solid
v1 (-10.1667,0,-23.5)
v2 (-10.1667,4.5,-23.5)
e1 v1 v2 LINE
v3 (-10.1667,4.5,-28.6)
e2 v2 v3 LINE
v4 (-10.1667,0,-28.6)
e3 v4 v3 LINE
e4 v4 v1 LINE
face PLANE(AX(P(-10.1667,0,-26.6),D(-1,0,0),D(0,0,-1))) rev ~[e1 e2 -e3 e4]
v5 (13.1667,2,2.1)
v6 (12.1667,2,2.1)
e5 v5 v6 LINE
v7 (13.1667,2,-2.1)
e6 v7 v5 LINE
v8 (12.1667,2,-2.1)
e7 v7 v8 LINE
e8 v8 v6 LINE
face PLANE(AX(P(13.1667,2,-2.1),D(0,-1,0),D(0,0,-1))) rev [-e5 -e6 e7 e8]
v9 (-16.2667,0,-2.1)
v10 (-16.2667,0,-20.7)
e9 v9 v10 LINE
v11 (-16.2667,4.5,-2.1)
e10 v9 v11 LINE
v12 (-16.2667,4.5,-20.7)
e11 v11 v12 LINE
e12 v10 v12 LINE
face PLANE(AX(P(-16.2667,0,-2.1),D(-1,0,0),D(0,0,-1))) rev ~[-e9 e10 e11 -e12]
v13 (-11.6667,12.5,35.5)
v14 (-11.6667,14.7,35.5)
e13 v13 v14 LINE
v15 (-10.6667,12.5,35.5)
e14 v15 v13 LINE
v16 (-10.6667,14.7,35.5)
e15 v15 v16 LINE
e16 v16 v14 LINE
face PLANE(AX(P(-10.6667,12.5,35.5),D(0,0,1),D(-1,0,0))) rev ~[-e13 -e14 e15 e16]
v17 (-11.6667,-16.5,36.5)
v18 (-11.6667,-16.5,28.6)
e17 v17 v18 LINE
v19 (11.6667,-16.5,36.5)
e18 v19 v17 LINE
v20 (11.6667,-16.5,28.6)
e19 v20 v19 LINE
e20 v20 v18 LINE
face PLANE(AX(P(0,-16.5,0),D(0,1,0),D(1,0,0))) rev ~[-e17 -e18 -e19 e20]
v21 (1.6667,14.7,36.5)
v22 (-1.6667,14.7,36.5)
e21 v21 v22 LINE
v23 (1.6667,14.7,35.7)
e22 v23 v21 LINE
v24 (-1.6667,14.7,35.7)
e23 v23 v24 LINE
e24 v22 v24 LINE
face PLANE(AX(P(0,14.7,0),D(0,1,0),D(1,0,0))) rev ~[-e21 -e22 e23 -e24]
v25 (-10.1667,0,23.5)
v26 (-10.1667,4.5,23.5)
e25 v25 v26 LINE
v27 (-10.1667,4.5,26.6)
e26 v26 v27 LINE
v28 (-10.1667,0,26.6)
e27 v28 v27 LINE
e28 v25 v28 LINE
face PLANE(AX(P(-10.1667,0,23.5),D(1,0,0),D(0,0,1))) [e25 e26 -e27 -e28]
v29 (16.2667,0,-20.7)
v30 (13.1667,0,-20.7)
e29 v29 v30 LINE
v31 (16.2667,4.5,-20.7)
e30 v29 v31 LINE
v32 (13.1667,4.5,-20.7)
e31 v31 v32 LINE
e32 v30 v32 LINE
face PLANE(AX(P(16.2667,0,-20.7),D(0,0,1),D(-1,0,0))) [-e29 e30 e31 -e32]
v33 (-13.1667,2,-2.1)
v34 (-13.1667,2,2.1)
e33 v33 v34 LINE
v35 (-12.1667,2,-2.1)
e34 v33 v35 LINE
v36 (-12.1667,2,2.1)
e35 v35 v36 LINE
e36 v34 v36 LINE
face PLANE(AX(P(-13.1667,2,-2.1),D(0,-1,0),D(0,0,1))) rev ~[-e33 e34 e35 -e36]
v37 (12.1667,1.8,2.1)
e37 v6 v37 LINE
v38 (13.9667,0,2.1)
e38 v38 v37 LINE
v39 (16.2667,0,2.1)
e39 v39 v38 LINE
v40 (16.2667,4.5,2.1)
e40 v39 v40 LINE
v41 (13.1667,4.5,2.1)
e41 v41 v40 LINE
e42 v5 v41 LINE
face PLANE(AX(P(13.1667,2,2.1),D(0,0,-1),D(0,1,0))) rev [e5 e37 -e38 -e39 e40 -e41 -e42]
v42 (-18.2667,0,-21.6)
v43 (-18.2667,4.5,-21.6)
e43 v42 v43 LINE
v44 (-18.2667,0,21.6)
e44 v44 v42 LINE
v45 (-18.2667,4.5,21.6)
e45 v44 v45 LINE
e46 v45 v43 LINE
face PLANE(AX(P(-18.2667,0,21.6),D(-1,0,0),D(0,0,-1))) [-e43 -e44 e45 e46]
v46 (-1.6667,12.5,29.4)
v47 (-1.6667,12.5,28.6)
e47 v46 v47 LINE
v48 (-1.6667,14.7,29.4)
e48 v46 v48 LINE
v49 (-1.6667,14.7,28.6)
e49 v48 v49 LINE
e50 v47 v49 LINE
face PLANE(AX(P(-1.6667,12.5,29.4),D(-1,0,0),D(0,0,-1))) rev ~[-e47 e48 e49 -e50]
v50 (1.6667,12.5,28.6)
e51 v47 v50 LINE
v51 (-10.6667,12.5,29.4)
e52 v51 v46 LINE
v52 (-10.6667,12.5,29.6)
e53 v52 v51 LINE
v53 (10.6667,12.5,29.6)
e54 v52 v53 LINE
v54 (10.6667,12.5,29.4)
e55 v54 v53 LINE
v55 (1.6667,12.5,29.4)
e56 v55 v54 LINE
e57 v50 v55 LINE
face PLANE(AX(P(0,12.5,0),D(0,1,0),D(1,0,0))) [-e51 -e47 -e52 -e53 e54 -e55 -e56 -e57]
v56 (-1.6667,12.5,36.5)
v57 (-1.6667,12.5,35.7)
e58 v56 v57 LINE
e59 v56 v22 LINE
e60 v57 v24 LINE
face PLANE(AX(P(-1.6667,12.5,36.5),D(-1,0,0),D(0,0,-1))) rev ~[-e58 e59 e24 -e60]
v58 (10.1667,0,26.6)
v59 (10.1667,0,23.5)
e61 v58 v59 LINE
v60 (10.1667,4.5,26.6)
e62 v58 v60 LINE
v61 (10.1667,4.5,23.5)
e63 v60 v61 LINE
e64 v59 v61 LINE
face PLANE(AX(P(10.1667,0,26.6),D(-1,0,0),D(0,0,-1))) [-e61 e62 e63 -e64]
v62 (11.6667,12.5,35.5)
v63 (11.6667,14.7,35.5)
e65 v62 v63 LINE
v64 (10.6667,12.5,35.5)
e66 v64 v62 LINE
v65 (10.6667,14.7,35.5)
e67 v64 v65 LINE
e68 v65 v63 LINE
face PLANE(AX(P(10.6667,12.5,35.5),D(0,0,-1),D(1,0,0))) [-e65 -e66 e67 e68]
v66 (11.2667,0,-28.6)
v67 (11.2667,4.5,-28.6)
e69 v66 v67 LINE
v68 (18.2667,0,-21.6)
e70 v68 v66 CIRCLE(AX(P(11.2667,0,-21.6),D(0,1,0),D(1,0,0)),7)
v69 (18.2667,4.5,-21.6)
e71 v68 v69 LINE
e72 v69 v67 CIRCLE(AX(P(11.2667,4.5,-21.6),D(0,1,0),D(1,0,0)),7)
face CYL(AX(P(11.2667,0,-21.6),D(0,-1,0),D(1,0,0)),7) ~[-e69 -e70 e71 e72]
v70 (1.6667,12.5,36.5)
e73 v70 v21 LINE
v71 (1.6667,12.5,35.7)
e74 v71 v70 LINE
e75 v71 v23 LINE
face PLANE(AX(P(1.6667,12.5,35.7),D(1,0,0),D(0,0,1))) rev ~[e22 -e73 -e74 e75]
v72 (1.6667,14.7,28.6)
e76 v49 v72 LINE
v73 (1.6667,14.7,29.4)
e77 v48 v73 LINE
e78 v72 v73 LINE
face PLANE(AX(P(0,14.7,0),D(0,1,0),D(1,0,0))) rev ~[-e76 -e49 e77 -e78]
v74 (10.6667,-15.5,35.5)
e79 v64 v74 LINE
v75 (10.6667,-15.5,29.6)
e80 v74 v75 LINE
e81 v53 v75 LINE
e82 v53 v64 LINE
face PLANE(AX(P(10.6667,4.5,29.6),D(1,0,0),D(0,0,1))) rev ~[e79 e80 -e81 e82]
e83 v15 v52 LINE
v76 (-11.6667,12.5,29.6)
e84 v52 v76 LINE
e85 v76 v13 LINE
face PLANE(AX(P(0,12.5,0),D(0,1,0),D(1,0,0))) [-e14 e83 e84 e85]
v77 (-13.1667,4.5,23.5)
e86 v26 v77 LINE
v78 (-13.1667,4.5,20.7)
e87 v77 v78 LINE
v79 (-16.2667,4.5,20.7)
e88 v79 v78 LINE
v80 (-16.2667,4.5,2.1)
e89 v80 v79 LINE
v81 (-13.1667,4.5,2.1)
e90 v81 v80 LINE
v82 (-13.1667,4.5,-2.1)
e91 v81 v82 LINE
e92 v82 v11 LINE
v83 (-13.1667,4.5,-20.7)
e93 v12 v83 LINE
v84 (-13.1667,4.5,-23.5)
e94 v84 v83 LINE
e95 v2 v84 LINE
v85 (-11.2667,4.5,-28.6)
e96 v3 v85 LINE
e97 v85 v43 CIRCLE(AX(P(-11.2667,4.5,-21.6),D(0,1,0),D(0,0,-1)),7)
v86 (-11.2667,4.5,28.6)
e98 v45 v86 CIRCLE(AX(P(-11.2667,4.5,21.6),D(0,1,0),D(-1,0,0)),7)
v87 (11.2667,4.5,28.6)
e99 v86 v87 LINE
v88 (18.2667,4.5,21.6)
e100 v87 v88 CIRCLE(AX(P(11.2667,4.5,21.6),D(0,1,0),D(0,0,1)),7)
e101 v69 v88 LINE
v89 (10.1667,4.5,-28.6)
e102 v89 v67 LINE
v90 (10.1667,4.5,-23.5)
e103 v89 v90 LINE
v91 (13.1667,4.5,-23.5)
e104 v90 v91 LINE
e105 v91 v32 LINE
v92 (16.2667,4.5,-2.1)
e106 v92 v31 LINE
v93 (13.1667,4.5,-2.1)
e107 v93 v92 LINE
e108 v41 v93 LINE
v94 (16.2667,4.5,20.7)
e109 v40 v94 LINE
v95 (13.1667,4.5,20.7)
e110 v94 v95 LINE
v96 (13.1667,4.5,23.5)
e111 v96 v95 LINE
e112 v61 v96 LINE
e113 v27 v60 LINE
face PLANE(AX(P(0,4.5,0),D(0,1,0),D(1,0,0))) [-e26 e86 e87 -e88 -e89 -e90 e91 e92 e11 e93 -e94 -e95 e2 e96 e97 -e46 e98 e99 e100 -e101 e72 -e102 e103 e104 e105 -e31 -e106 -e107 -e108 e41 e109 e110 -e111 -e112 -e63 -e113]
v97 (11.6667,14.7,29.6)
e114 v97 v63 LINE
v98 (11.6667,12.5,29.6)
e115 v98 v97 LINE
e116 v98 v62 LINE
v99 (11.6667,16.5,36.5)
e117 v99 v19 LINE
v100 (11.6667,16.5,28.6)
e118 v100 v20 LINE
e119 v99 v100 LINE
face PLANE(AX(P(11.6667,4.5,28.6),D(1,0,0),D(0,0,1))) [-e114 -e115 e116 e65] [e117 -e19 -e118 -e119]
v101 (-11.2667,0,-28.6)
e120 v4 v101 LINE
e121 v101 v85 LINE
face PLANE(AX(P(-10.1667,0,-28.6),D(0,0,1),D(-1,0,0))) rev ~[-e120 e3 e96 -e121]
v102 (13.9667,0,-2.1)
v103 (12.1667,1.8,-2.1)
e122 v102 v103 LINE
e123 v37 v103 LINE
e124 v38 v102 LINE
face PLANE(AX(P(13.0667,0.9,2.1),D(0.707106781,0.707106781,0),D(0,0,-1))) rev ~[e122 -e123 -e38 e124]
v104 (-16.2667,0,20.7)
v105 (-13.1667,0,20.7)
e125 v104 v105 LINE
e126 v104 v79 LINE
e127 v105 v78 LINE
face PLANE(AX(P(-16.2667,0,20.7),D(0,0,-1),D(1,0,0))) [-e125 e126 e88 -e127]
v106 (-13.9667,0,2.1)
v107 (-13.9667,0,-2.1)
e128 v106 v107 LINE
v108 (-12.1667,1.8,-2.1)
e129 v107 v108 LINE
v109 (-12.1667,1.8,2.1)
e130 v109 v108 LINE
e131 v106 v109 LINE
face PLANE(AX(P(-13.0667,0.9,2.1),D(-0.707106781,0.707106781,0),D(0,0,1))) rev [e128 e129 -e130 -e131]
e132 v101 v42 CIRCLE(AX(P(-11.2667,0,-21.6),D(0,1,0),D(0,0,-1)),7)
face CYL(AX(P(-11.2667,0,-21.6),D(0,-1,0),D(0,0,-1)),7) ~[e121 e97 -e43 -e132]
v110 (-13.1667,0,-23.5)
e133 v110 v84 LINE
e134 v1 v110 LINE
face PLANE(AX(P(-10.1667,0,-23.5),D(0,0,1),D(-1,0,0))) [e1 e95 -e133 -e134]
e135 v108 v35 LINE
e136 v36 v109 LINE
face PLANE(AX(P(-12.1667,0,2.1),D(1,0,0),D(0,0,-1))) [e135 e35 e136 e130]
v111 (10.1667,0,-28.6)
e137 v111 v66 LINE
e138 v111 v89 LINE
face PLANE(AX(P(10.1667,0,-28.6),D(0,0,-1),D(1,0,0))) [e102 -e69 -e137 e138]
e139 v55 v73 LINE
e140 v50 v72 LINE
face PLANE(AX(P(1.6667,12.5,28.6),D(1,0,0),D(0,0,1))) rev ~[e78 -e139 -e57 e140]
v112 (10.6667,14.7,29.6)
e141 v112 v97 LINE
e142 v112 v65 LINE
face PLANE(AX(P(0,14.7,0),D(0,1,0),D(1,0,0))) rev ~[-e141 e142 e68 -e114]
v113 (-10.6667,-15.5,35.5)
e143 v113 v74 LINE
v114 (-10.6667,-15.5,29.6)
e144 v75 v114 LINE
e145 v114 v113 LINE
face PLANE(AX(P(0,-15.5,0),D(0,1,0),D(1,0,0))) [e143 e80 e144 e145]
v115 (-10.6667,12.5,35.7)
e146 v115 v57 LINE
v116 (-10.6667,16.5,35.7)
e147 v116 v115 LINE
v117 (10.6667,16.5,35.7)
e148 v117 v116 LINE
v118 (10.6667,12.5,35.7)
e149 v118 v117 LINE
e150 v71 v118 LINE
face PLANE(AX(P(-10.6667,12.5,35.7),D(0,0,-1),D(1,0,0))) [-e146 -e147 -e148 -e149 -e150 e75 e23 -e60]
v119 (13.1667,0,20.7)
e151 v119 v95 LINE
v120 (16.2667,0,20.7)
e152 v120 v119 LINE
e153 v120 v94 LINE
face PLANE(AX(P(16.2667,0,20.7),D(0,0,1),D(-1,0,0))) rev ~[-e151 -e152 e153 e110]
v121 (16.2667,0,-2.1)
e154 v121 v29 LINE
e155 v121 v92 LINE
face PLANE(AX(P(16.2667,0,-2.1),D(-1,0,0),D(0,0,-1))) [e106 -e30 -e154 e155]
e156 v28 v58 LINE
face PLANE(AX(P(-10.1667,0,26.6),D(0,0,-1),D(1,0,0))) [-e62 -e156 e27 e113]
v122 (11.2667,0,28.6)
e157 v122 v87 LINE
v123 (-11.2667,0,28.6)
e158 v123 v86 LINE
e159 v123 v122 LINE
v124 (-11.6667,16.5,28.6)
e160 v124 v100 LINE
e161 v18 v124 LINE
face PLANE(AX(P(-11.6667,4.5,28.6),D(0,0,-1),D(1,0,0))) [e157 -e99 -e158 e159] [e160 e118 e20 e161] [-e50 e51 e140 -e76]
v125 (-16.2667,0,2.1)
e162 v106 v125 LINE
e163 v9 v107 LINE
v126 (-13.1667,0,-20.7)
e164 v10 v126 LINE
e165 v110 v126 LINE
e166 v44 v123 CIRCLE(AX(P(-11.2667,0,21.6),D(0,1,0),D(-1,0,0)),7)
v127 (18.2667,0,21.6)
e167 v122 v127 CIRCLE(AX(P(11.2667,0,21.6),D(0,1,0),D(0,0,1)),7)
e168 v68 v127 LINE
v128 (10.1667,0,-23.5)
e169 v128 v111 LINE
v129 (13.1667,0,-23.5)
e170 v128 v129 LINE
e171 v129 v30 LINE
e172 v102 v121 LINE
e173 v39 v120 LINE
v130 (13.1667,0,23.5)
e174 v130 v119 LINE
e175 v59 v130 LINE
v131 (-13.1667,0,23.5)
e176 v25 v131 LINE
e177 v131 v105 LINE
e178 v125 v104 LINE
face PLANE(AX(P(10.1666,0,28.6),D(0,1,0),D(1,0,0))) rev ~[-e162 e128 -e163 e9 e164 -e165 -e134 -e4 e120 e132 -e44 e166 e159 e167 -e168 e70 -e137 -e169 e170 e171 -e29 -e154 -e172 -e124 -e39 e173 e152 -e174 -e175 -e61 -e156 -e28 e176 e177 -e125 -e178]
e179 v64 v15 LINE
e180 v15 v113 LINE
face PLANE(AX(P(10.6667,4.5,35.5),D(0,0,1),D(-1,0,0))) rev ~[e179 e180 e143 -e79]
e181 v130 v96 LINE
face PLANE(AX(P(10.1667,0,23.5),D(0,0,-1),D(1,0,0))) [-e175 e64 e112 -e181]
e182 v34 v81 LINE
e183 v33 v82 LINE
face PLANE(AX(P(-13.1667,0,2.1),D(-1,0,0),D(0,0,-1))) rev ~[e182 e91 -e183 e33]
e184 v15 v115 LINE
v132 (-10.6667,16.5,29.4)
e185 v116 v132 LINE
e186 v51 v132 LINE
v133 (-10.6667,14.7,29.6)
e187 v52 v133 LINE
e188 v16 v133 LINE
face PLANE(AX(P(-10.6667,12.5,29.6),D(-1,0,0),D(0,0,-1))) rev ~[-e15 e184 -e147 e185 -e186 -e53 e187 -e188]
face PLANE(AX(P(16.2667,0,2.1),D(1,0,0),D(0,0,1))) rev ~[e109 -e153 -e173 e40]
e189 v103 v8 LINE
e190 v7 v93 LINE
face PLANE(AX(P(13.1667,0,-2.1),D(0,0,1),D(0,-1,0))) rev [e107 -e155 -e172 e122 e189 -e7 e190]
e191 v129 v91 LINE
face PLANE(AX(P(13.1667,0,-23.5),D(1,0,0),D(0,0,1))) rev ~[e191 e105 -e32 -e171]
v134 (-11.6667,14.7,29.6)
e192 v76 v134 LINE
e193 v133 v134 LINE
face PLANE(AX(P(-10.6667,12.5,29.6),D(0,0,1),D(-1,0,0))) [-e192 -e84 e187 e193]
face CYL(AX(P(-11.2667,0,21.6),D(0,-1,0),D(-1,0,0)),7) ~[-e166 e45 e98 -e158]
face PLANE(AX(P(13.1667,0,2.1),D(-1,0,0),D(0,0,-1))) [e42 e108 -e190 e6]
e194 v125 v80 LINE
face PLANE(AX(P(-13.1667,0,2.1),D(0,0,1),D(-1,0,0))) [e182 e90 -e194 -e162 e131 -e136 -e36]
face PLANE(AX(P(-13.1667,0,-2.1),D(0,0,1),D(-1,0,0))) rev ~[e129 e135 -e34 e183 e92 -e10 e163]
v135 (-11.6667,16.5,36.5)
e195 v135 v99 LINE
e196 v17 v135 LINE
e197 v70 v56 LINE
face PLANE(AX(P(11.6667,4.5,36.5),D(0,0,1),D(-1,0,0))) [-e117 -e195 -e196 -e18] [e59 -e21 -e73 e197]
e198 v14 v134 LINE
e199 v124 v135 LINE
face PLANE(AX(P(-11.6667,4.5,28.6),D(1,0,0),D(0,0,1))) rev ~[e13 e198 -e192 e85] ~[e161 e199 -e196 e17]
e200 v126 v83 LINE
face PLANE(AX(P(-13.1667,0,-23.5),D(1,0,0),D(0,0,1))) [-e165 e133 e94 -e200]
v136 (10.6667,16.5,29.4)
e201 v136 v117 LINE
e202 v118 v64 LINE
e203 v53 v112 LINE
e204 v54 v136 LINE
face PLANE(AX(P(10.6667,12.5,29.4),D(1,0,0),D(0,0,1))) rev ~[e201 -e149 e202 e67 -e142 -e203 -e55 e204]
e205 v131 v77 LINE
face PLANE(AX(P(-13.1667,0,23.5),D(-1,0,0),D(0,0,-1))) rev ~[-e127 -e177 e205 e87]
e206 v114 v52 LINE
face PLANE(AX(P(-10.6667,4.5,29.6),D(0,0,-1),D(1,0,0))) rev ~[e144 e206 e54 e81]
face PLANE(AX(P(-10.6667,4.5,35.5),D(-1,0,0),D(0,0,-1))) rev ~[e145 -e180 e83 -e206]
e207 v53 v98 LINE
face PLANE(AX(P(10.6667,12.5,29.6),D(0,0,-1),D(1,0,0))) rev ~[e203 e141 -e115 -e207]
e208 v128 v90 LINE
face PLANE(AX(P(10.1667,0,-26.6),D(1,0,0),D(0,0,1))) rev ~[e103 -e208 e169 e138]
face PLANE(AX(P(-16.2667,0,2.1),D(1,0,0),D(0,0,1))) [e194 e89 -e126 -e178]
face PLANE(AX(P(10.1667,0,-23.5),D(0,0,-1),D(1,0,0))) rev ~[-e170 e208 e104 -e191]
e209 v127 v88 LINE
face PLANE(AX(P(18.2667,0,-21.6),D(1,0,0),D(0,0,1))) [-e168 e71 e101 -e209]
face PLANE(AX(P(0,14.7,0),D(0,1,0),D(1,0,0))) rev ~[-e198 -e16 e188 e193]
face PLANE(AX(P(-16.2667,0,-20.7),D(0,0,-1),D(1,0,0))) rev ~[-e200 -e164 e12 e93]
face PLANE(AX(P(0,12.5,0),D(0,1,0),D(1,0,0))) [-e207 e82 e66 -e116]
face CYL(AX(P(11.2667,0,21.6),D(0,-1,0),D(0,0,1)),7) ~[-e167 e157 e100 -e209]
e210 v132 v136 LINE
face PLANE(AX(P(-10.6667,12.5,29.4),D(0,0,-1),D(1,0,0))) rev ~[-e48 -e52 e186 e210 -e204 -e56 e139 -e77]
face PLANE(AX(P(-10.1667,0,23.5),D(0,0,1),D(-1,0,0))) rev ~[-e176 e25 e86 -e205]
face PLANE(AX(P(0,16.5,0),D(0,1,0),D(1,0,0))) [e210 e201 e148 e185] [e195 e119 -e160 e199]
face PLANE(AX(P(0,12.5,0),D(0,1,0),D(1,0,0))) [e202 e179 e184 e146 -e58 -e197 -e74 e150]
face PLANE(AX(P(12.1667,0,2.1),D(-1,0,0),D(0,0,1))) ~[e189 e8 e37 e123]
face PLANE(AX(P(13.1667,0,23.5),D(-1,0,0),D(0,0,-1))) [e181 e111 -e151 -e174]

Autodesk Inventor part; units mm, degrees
ref_plane "YZ Plane" through (0, 0, 0) normal (1, 0, 0) x (0, 1, 0)
ref_plane "XZ Plane" through (0, 0, 0) normal (0, 1, 0) x (-1, 0, 0)
ref_plane "XY Plane" through (0, 0, 0) normal (0, 0, 1) x (1, 0, 0)
sketch "Эскиз1" plane through (0, 0, 0) normal (0, 1, 0) x (-1, 0, 0)
  line L0 (0, 0) -> (9.1667, 0)
  line L1 (0, 0) -> (0, -12.5)
  line L2 (-11.2667, 28.6) -> (11.2667, 28.6)
  line L3 (18.2667, 21.6) -> (18.2667, -21.6)
  line L4 (-18.2667, -21.6) -> (-18.2667, 21.6)
  line L5 (13.1667, -2.1) -> (16.2667, -2.1)
  line L6 (16.2667, -2.1) -> (16.2667, -20.7)
  line L7 (16.2667, -20.7) -> (13.1667, -20.7)
  line L8 (13.1667, 2.1) -> (16.2667, 2.1)
  line L9 (16.2667, 2.1) -> (16.2667, 20.7)
  line L10 (16.2667, 20.7) -> (13.1667, 20.7)
  line L11 (-16.2667, 2.1) -> (-16.2667, 20.7)
  line L12 (-16.2667, 20.7) -> (-13.1667, 20.7)
  line L13 (-13.1667, 2.1) -> (-16.2667, 2.1)
  line L14 (-13.1667, -2.1) -> (-16.2667, -2.1)
  line L15 (-16.2667, -2.1) -> (-16.2667, -20.7)
  line L16 (-16.2667, -20.7) -> (-13.1667, -20.7)
  line L17 (10.1667, -23.5) -> (10.1667, -26.6)
  line L18 (-10.1667, -26.6) -> (-10.1667, -23.5)
  line L19 (10.1667, 23.5) -> (10.1667, 26.6)
  line L20 (10.1667, 26.6) -> (-10.1667, 26.6)
  line L21 (-10.1667, 26.6) -> (-10.1667, 23.5)
  arc A0 (18.2667, 21.6) -> (11.2667, 28.6) centre (11.2667, 21.6) ccw
  arc A1 (-11.2667, 28.6) -> (-18.2667, 21.6) centre (-11.2667, 21.6) ccw
  arc A2 (-18.2667, -21.6) -> (-11.2667, -28.6) centre (-11.2667, -21.6) ccw
  arc A3 (11.2667, -28.6) -> (18.2667, -21.6) centre (11.2667, -21.6) ccw
  line L22 (-10.1667, -26.6) -> (-10.1667, -28.6)
  line L23 (-10.1667, -28.6) -> (-11.2667, -28.6)
  line L24 (10.1667, -26.6) -> (10.1667, -28.6)
  line L25 (10.1667, -28.6) -> (11.2667, -28.6)
  line L26 (-10.1667, 23.5) -> (-13.1667, 23.5)
  line L27 (-13.1667, 23.5) -> (-13.1667, 20.7)
  line L28 (10.1667, 23.5) -> (13.1667, 23.5)
  line L29 (13.1667, 23.5) -> (13.1667, 20.7)
  line L30 (-10.1667, -23.5) -> (-13.1667, -23.5)
  line L31 (-13.1667, -23.5) -> (-13.1667, -20.7)
  line L32 (10.1667, -23.5) -> (13.1667, -23.5)
  line L33 (13.1667, -23.5) -> (13.1667, -20.7)
  line L34 (13.1667, 2.1) -> (13.1667, -2.1)
  line L35 (-13.1667, 2.1) -> (-13.1667, -2.1)
extrude "Выдавливание1" add sketch "Эскиз1" along normal blind 4.5
sketch "Эскиз2" plane through (-13.1667, 0, 2.1) normal (1, 0, 0) x (0, 0, -1)
  line L0 (-18.6, 0) -> (0, 0)
  line L1 (4.2, 0) -> (4.2, 4.5)
  line L2 (0, 0) -> (4.2, 0)
  line L3 (4.2, 0) -> (4.2, 2)
  line L4 (4.2, 2) -> (0, 2)
  line L5 (0, 2) -> (0, 0)
  point P0 (2.1, 0)
  dimension "d19" = 2
extrude "Выдавливание2" add sketch "Эскиз2" along normal blind 1
chamfer "Фаска1" distance 1.8 angle 45 1 edges at (-12.1667, 0, 0)
mirror "Зеркальное отражение1" about plane through (0, 0, 0) normal (1, 0, 0) of "Выдавливание2", "Фаска1"
sketch "Эскиз3" plane through (-11.2667, 0, 28.6) normal (0, 0, 1) x (1, 0, 0)
  line L0 (1.1, 4.5) -> (-1.9, 4.5)
  line L1 (21.4333, 0) -> (24.4333, 0)
  line L2 (-0.4, 4.5) -> (22.9333, 4.5)
  line L3 (22.9333, 4.5) -> (22.9333, 0)
  line L4 (22.9333, 0) -> (-0.4, 0)
  line L5 (-0.4, 0) -> (-0.4, 4.5)
  point P0 (11.2667, 0)
extrude "Выдавливание3" add sketch "Эскиз3" along normal blind 7.9
sketch "Эскиз4" plane through (0, 4.5, 0) normal (0, 1, 0) x (1, 0, 0)
  line L0 (-11.2667, -28.6) -> (-11.6667, -28.6)
  line L1 (11.6667, -36.5) -> (-11.6667, -36.5)
  line L2 (-11.6667, -28.6) -> (11.6667, -28.6)
  line L3 (11.6667, -28.6) -> (11.6667, -36.5)
  line L4 (11.6667, -36.5) -> (-11.6667, -36.5)
  line L5 (-11.6667, -36.5) -> (-11.6667, -28.6)
  point P0 (0, 0)
extrude "Выдавливание4" add sketch "Эскиз4" against normal blind 21
sketch "Эскиз5" plane through (0, 4.5, 0) normal (0, 1, 0) x (1, 0, 0)
  line L0 (-10.6667, -35.5) -> (10.6667, -35.5)
  line L1 (10.6667, -35.5) -> (10.6667, -29.6)
  line L2 (10.6667, -29.6) -> (-10.6667, -29.6)
  line L3 (-10.6667, -29.6) -> (-10.6667, -35.5)
  line L4 (-11.6667, -28.6) -> (-11.6667, -36.5)
  line L5 (11.6667, -28.6) -> (11.6667, -36.5)
  line L6 (11.6667, -36.5) -> (-11.6667, -36.5)
  line L7 (11.2667, -28.6) -> (-11.2667, -28.6)
  point P0 (0, 0)
  dimension "d29" = 1
  dimension "d30" = 1
  dimension "d31" = 1
  dimension "d32" = 1
extrude "Выдавливание5" cut sketch "Эскиз5" against normal blind 20
sketch "Эскиз6" plane through (0, 4.5, 0) normal (0, 1, 0) x (1, 0, 0)
  line L0 (-11.6667, -28.6) -> (-11.6667, -36.5)
  line L1 (11.6667, -28.6) -> (11.2667, -28.6)
  line L2 (-11.6667, -28.6) -> (11.6667, -28.6)
  line L3 (-11.6667, -28.6) -> (-11.6667, -36.5)
  line L4 (11.6667, -36.5) -> (-11.6667, -36.5)
  line L5 (11.6667, -28.6) -> (11.6667, -36.5)
  line L6 (11.6667, -36.5) -> (11.6667, -28.6)
  line L7 (11.6667, -36.5) -> (-11.6667, -36.5)
  line L8 (-10.6667, -29.6) -> (10.6667, -29.6)
  line L9 (10.6667, -29.6) -> (10.6667, -35.5)
  line L10 (-10.6667, -29.6) -> (10.6667, -29.6)
  line L11 (10.6667, -29.6) -> (10.6667, -35.5)
  line L12 (10.6667, -35.5) -> (-10.6667, -35.5)
  line L13 (-10.6667, -35.5) -> (-10.6667, -29.6)
  point P0 (0, 0)
extrude "Выдавливание6" add sketch "Эскиз6" along normal blind 8
sketch "Эскиз7" plane through (0, 12.5, 0) normal (0, 1, 0) x (1, 0, 0)
  line L0 (-11.6667, -36.5) -> (-11.6667, -28.6)
  line L1 (11.6667, -36.5) -> (-11.6667, -36.5)
  line L2 (-11.6667, -28.6) -> (11.6667, -28.6)
  line L3 (11.6667, -28.6) -> (11.6667, -36.5)
  line L4 (11.6667, -36.5) -> (-11.6667, -36.5)
  line L5 (-11.6667, -36.5) -> (-11.6667, -28.6)
  line L6 (10.6667, -29.6) -> (10.6667, -35.5)
  line L7 (-10.6667, -35.5) -> (-10.6667, -29.6)
  line L8 (11.2667, -28.6) -> (-11.2667, -28.6)
  line L9 (-1.6667, -28.6) -> (1.6667, -28.6)
  line L10 (-10.6667, -29.6) -> (-11.6667, -29.6)
  line L11 (-10.6667, -35.5) -> (-11.6667, -35.5)
  line L12 (10.6667, -35.5) -> (11.6667, -35.5)
  line L13 (10.6667, -29.6) -> (11.6667, -29.6)
  line L14 (1.6667, -36.5) -> (-1.6667, -36.5)
  line L15 (-10.6667, -35.5) -> (-10.6667, -29.6)
  line L16 (-10.6667, -29.6) -> (-10.6667, -29.4)
  line L17 (-10.6667, -29.4) -> (10.6667, -29.4)
  line L18 (10.6667, -29.4) -> (10.6667, -29.6)
  line L19 (-10.6667, -35.5) -> (-10.6667, -35.7)
  line L20 (-10.6667, -35.7) -> (10.6667, -35.7)
  line L21 (10.6667, -35.7) -> (10.6667, -35.5)
  line L22 (-1.6667, -28.6) -> (1.6667, -28.6)
  line L23 (1.6667, -28.6) -> (1.6667, -29.4)
  line L24 (1.6667, -29.4) -> (-1.6667, -29.4)
  line L25 (-1.6667, -29.4) -> (-1.6667, -28.6)
  line L26 (-1.6667, -35.7) -> (1.6667, -35.7)
  line L27 (1.6667, -35.7) -> (1.6667, -36.5)
  line L28 (1.6667, -36.5) -> (-1.6667, -36.5)
  line L29 (-1.6667, -36.5) -> (-1.6667, -35.7)
  point P0 (0, 0)
  dimension "d42" = 0.8
  dimension "d43" = 0.8
  dimension "d44" = 10
  dimension "d45" = 10
  dimension "d46" = 10
  dimension "d47" = 10
extrude "Выдавливание7" add sketch "Эскиз7" along normal blind 4 contours L0 L11 L19 L20 L29 L1 | L0 L2 L25 L17 L16 L10 | L27 L20 L21 L12 L3 L1 | L13 L18 L17 L23 L2 L3
sketch "Эскиз8" plane through (0, 16.5, 0) normal (0, 1, 0) x (1, 0, 0)
  line L0 (-11.6667, -28.6) -> (-11.6667, -29.6)
  line L1 (11.6667, -36.5) -> (-11.6667, -36.5)
  line L2 (-11.6667, -28.6) -> (11.6667, -28.6)
  line L3 (11.6667, -28.6) -> (11.6667, -36.5)
  line L4 (11.6667, -36.5) -> (-11.6667, -36.5)
  line L5 (-11.6667, -36.5) -> (-11.6667, -28.6)
  line L6 (-10.6667, -29.4) -> (-1.6667, -29.4)
  line L7 (10.6667, -35.7) -> (1.6667, -35.7)
  line L8 (-10.6667, -29.4) -> (10.6667, -29.4)
  line L9 (10.6667, -29.4) -> (10.6667, -35.7)
  line L10 (10.6667, -35.7) -> (-10.6667, -35.7)
  line L11 (-10.6667, -35.7) -> (-10.6667, -29.4)
  point P0 (0, 0)
extrude "Выдавливание8" add sketch "Эскиз8" against normal blind 1.8
properties part number "Extension"
